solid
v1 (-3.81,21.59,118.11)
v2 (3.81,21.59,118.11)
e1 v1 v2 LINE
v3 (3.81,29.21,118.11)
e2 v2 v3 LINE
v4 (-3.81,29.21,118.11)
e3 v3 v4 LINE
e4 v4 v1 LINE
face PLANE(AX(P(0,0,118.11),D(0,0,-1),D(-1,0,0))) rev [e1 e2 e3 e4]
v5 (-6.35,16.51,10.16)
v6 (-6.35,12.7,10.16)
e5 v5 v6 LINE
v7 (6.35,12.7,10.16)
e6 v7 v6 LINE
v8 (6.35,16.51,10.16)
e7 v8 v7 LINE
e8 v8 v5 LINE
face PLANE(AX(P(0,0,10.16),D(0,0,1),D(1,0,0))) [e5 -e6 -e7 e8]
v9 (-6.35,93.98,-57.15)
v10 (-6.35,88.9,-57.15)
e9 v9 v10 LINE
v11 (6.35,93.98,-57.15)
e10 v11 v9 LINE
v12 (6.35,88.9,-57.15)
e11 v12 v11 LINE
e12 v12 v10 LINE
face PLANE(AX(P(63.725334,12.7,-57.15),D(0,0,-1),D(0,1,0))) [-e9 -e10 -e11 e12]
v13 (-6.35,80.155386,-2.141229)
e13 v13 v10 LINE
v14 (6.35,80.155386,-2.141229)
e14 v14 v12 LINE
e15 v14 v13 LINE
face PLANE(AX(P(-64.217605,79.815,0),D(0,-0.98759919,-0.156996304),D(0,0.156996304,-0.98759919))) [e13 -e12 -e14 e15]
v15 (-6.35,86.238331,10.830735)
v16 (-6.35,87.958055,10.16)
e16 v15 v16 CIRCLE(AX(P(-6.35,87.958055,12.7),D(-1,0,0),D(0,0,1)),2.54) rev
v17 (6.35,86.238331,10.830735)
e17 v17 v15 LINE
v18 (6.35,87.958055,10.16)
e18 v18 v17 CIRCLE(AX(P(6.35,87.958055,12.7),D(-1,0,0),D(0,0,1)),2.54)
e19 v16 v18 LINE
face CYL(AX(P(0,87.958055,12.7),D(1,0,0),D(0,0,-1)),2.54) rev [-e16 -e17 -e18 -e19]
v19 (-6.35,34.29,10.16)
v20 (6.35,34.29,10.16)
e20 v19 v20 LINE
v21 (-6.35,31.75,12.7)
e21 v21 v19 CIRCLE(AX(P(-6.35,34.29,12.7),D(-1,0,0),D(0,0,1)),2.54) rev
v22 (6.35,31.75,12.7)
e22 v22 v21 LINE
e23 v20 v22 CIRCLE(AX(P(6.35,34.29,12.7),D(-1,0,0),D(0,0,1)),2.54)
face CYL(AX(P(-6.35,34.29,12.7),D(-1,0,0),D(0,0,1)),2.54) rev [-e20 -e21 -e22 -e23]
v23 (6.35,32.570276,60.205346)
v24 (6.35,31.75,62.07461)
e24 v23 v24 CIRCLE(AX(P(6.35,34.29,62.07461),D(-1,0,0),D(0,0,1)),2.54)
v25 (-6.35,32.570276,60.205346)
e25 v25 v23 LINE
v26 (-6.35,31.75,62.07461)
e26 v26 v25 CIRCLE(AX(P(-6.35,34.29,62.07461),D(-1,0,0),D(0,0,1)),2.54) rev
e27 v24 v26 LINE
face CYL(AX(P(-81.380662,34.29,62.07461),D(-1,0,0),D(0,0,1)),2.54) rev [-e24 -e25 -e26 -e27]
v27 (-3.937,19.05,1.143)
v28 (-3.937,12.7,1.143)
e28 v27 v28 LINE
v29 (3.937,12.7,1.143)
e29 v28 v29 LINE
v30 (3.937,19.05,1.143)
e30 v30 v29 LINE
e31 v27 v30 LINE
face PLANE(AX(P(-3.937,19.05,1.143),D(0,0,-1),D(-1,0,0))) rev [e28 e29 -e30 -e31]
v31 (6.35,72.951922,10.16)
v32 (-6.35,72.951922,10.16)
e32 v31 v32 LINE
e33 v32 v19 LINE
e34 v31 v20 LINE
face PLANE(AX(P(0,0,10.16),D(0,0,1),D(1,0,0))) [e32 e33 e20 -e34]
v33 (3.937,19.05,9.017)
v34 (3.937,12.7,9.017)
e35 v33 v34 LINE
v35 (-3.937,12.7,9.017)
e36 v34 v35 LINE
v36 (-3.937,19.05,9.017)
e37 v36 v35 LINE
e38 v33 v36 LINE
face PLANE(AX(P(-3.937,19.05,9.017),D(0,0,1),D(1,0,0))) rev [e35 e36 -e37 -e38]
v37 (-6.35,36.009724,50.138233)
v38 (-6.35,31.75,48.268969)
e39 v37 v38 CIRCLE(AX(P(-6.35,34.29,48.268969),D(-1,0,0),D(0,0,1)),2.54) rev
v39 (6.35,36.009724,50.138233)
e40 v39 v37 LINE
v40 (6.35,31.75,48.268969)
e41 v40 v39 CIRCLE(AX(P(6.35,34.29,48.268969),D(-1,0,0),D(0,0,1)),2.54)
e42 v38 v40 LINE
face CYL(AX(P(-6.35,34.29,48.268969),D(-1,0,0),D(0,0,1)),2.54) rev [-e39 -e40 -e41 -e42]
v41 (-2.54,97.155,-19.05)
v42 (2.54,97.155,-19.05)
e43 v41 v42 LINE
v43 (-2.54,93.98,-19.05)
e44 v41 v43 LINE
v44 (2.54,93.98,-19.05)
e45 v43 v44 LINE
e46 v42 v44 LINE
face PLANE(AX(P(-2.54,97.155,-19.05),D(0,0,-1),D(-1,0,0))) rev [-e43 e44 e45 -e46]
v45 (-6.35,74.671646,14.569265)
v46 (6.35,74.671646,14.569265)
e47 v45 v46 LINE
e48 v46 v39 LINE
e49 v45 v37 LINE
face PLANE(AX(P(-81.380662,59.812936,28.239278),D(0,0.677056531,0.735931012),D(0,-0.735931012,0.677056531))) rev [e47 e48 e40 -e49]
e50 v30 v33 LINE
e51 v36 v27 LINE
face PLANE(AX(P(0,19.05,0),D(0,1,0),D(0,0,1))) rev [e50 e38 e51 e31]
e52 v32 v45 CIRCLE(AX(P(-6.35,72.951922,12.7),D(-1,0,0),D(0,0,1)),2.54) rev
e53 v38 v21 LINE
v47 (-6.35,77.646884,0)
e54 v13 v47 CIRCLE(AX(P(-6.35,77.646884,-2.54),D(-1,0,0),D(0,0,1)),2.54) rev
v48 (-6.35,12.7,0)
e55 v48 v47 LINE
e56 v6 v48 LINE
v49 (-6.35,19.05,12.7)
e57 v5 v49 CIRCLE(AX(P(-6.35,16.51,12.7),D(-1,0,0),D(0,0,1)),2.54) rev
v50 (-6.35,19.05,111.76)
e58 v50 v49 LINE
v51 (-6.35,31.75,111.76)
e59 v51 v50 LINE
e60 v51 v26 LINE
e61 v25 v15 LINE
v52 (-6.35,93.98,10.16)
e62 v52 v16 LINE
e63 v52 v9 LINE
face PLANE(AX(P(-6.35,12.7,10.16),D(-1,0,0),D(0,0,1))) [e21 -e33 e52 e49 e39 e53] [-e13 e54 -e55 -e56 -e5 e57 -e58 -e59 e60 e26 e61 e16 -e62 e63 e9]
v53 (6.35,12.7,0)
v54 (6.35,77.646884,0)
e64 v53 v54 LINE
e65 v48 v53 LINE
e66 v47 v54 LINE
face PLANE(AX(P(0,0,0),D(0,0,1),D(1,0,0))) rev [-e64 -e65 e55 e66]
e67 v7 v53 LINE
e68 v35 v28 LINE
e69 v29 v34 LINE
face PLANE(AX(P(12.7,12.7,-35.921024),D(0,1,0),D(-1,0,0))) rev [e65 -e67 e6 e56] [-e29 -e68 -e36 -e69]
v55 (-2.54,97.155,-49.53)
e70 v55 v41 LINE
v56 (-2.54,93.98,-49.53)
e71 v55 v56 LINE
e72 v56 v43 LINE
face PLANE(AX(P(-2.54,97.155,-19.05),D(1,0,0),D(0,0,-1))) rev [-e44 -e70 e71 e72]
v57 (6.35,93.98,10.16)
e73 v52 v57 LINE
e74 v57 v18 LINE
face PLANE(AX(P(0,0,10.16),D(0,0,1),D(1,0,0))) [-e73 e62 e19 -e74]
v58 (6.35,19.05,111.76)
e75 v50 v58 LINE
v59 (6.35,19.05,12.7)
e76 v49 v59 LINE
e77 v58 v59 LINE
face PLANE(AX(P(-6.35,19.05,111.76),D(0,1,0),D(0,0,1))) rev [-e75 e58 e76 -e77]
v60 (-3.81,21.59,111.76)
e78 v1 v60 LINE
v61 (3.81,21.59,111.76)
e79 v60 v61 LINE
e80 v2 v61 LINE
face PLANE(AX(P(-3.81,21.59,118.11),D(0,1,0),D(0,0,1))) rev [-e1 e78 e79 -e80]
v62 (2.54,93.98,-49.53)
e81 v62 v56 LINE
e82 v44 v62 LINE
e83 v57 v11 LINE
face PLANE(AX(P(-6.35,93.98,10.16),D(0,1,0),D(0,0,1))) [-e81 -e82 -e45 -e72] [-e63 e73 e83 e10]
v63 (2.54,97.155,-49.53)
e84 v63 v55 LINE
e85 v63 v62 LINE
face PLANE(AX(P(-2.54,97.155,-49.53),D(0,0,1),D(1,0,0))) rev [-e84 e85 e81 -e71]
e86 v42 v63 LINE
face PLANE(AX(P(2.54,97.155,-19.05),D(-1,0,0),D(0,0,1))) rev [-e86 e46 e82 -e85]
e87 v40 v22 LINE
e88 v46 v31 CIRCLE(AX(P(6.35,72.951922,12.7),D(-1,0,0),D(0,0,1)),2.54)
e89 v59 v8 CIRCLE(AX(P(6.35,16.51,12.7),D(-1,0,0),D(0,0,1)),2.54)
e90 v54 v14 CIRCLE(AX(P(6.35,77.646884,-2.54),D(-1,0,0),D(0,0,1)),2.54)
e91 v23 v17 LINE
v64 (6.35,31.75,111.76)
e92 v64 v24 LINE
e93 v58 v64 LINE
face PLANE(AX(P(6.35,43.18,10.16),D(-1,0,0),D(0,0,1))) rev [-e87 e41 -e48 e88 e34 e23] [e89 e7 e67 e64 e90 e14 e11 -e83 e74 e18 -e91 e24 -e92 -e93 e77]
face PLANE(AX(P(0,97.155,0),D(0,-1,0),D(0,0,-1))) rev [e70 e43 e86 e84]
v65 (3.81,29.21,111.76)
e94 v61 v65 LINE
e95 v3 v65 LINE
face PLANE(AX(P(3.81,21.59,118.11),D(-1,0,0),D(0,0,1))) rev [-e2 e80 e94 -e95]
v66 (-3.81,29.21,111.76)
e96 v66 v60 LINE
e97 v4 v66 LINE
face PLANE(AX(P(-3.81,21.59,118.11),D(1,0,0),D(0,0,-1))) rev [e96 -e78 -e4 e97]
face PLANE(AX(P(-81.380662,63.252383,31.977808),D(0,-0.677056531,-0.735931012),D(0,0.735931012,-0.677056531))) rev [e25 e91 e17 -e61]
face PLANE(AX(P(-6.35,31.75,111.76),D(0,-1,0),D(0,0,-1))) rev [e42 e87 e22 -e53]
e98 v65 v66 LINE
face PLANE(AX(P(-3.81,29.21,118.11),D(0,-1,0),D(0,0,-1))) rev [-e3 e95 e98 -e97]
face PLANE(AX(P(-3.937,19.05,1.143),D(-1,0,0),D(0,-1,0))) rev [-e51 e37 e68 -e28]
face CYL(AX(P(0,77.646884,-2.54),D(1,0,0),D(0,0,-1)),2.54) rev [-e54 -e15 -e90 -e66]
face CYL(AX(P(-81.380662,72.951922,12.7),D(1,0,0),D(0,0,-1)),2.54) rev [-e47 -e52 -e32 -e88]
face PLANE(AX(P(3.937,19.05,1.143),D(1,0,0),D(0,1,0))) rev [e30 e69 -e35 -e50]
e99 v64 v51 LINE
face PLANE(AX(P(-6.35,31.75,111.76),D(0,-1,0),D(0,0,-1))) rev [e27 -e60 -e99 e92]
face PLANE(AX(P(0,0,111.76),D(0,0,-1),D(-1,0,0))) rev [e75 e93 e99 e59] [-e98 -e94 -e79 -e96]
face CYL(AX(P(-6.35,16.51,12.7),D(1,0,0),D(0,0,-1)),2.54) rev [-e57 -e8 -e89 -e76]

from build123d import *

# Parameters (mm, degrees)
SKETCH1_R           = 5.08
SKETCH1_R_2         = 1.778
BOSS_EXTRUDE1_DEPTH = 10.16
SKETCH3_W           = 12.7
SKETCH3_H           = 12.7
BOSS_EXTRUDE2_DEPTH = 101.6
SKETCH6_W           = 7.62
SKETCH6_H           = 7.62
BOSS_EXTRUDE3_DEPTH = 6.35
BOSS_EXTRUDE4_START = -12.7
BOSS_EXTRUDE4_DEPTH = 12.7
FILLET2_R           = 2.54
BOSS_EXTRUDE5_START = -12.7
SKETCH7_W           = 57.15
SKETCH7_H           = 5.08
BOSS_EXTRUDE5_DEPTH = 12.7
SKETCH9_W           = 25.4
SKETCH9_H           = 25.4
CUT_EXTRUDE1_DEPTH  = 111.76
BOSS_EXTRUDE6_DEPTH = 12.7
FILLET3_R           = 2.54
SKETCH12_W          = 5.08
SKETCH12_H          = 30.48
BOSS_EXTRUDE7_DEPTH = 3.175
SKETCH13_W          = 7.874
SKETCH13_H          = 7.874
CUT_EXTRUDE3_DEPTH  = 6.35


with BuildPart() as part:
    # Sketch1 → Boss-Extrude1 (new body)
    with BuildSketch(Plane.XY):
        with BuildLine():
            Line((-6.35, 12.7), (-6.35, 10.998522628))
            ThreePointArc((-6.35, 10.998522628), (0, -12.7), (6.35, 10.998522628))
            Line((6.35, 10.998522628), (6.35, 43.18))
            Line((6.35, 43.18), (6.35, 93.98))
            Line((6.35, 93.98), (-6.35, 93.98))
            Line((-6.35, 93.98), (-6.35, 12.7))
        make_face()
        Circle(SKETCH1_R, mode=Mode.SUBTRACT)
        with Locations((0, 8.128)):
            Circle(SKETCH1_R_2, mode=Mode.SUBTRACT)
        with Locations((8.128, 0)):
            Circle(SKETCH1_R_2, mode=Mode.SUBTRACT)
        with Locations((0, -8.128)):
            Circle(SKETCH1_R_2, mode=Mode.SUBTRACT)
        with Locations((-8.128, 0)):
            Circle(SKETCH1_R_2, mode=Mode.SUBTRACT)
    extrude(amount=BOSS_EXTRUDE1_DEPTH)

    # Sketch3 → Boss-Extrude2 (add)
    with BuildSketch(Plane.XY.offset(10.16)):
        with Locations((0, 25.4)):
            Rectangle(SKETCH3_W, SKETCH3_H)
    extrude(amount=BOSS_EXTRUDE2_DEPTH)

    # Sketch6 → Boss-Extrude3 (add)
    with BuildSketch(Plane.XY.offset(111.76)):
        with Locations((0, 25.4)):
            Rectangle(SKETCH6_W, SKETCH6_H)
    extrude(amount=BOSS_EXTRUDE3_DEPTH)

    # Sketch5 → Boss-Extrude4 (add)
    with BuildSketch(Plane.ZY.offset(6.35).offset(BOSS_EXTRUDE4_START)):
        Polygon((31.75, 63.5), (60.96, 31.75), (54.057179058, 31.75), (49.383579058, 36.83), (29.520779058, 58.42), (10.16, 79.464325063), (10.16, 86.967391304), align=None)
    extrude(amount=BOSS_EXTRUDE4_DEPTH)

    # Fillet2
    fillet2_edges = [part.edges().sort_by_distance(p)[0] for p in [
        (0, 31.75, 60.96),
    ]]
    fillet(fillet2_edges, radius=FILLET2_R)

    # Sketch7 → Boss-Extrude5 (add)
    with BuildSketch(Plane(origin=(6.35, 0, 0), x_dir=(0, 0, -1), z_dir=(1, 0, 0)).offset(BOSS_EXTRUDE5_START)):
        with Locations((28.575, 91.44)):
            Rectangle(SKETCH7_W, SKETCH7_H)
    extrude(amount=BOSS_EXTRUDE5_DEPTH)

    # Sketch9 → Cut-Extrude1 (cut)
    with BuildSketch(Plane.XY.offset(111.76)):
        Rectangle(SKETCH9_W, SKETCH9_H)
    extrude(amount=-CUT_EXTRUDE1_DEPTH, mode=Mode.SUBTRACT)

    # Sketch11 → Boss-Extrude6 (add)
    with BuildSketch(Plane(origin=(6.35, 0, 0), x_dir=(0, 0, -1), z_dir=(1, 0, 0))):
        Polygon((0, 79.814999882), (57.15, 88.9), (0, 88.9), align=None)
    extrude(amount=-BOSS_EXTRUDE6_DEPTH)

    # Fillet3
    fillet3_edges = [part.edges().sort_by_distance(p)[0] for p in [
        (0, 79.814999882, 0),
        (0, 31.75, 10.16),
        (0, 19.05, 10.16),
        (0, 86.967391304, 10.16),
        (0, 79.464325063, 10.16),
        (0, 31.75, 54.057179058),
    ]]
    fillet(fillet3_edges, radius=FILLET3_R)

    # Sketch12 → Boss-Extrude7 (add)
    with BuildSketch(Plane(origin=(0, 93.98, 0), x_dir=(1, 0, 0), z_dir=(0, 1, 0))):
        with Locations((0, 34.29)):
            Rectangle(SKETCH12_W, SKETCH12_H)
    extrude(amount=BOSS_EXTRUDE7_DEPTH)

    # Sketch13 → Cut-Extrude3 (cut)
    with BuildSketch(Plane.XZ.offset(-12.7)):
        with Locations((0, 5.08)):
            Rectangle(SKETCH13_W, SKETCH13_H)
    extrude(amount=-CUT_EXTRUDE3_DEPTH, mode=Mode.SUBTRACT)


solid = part.part
